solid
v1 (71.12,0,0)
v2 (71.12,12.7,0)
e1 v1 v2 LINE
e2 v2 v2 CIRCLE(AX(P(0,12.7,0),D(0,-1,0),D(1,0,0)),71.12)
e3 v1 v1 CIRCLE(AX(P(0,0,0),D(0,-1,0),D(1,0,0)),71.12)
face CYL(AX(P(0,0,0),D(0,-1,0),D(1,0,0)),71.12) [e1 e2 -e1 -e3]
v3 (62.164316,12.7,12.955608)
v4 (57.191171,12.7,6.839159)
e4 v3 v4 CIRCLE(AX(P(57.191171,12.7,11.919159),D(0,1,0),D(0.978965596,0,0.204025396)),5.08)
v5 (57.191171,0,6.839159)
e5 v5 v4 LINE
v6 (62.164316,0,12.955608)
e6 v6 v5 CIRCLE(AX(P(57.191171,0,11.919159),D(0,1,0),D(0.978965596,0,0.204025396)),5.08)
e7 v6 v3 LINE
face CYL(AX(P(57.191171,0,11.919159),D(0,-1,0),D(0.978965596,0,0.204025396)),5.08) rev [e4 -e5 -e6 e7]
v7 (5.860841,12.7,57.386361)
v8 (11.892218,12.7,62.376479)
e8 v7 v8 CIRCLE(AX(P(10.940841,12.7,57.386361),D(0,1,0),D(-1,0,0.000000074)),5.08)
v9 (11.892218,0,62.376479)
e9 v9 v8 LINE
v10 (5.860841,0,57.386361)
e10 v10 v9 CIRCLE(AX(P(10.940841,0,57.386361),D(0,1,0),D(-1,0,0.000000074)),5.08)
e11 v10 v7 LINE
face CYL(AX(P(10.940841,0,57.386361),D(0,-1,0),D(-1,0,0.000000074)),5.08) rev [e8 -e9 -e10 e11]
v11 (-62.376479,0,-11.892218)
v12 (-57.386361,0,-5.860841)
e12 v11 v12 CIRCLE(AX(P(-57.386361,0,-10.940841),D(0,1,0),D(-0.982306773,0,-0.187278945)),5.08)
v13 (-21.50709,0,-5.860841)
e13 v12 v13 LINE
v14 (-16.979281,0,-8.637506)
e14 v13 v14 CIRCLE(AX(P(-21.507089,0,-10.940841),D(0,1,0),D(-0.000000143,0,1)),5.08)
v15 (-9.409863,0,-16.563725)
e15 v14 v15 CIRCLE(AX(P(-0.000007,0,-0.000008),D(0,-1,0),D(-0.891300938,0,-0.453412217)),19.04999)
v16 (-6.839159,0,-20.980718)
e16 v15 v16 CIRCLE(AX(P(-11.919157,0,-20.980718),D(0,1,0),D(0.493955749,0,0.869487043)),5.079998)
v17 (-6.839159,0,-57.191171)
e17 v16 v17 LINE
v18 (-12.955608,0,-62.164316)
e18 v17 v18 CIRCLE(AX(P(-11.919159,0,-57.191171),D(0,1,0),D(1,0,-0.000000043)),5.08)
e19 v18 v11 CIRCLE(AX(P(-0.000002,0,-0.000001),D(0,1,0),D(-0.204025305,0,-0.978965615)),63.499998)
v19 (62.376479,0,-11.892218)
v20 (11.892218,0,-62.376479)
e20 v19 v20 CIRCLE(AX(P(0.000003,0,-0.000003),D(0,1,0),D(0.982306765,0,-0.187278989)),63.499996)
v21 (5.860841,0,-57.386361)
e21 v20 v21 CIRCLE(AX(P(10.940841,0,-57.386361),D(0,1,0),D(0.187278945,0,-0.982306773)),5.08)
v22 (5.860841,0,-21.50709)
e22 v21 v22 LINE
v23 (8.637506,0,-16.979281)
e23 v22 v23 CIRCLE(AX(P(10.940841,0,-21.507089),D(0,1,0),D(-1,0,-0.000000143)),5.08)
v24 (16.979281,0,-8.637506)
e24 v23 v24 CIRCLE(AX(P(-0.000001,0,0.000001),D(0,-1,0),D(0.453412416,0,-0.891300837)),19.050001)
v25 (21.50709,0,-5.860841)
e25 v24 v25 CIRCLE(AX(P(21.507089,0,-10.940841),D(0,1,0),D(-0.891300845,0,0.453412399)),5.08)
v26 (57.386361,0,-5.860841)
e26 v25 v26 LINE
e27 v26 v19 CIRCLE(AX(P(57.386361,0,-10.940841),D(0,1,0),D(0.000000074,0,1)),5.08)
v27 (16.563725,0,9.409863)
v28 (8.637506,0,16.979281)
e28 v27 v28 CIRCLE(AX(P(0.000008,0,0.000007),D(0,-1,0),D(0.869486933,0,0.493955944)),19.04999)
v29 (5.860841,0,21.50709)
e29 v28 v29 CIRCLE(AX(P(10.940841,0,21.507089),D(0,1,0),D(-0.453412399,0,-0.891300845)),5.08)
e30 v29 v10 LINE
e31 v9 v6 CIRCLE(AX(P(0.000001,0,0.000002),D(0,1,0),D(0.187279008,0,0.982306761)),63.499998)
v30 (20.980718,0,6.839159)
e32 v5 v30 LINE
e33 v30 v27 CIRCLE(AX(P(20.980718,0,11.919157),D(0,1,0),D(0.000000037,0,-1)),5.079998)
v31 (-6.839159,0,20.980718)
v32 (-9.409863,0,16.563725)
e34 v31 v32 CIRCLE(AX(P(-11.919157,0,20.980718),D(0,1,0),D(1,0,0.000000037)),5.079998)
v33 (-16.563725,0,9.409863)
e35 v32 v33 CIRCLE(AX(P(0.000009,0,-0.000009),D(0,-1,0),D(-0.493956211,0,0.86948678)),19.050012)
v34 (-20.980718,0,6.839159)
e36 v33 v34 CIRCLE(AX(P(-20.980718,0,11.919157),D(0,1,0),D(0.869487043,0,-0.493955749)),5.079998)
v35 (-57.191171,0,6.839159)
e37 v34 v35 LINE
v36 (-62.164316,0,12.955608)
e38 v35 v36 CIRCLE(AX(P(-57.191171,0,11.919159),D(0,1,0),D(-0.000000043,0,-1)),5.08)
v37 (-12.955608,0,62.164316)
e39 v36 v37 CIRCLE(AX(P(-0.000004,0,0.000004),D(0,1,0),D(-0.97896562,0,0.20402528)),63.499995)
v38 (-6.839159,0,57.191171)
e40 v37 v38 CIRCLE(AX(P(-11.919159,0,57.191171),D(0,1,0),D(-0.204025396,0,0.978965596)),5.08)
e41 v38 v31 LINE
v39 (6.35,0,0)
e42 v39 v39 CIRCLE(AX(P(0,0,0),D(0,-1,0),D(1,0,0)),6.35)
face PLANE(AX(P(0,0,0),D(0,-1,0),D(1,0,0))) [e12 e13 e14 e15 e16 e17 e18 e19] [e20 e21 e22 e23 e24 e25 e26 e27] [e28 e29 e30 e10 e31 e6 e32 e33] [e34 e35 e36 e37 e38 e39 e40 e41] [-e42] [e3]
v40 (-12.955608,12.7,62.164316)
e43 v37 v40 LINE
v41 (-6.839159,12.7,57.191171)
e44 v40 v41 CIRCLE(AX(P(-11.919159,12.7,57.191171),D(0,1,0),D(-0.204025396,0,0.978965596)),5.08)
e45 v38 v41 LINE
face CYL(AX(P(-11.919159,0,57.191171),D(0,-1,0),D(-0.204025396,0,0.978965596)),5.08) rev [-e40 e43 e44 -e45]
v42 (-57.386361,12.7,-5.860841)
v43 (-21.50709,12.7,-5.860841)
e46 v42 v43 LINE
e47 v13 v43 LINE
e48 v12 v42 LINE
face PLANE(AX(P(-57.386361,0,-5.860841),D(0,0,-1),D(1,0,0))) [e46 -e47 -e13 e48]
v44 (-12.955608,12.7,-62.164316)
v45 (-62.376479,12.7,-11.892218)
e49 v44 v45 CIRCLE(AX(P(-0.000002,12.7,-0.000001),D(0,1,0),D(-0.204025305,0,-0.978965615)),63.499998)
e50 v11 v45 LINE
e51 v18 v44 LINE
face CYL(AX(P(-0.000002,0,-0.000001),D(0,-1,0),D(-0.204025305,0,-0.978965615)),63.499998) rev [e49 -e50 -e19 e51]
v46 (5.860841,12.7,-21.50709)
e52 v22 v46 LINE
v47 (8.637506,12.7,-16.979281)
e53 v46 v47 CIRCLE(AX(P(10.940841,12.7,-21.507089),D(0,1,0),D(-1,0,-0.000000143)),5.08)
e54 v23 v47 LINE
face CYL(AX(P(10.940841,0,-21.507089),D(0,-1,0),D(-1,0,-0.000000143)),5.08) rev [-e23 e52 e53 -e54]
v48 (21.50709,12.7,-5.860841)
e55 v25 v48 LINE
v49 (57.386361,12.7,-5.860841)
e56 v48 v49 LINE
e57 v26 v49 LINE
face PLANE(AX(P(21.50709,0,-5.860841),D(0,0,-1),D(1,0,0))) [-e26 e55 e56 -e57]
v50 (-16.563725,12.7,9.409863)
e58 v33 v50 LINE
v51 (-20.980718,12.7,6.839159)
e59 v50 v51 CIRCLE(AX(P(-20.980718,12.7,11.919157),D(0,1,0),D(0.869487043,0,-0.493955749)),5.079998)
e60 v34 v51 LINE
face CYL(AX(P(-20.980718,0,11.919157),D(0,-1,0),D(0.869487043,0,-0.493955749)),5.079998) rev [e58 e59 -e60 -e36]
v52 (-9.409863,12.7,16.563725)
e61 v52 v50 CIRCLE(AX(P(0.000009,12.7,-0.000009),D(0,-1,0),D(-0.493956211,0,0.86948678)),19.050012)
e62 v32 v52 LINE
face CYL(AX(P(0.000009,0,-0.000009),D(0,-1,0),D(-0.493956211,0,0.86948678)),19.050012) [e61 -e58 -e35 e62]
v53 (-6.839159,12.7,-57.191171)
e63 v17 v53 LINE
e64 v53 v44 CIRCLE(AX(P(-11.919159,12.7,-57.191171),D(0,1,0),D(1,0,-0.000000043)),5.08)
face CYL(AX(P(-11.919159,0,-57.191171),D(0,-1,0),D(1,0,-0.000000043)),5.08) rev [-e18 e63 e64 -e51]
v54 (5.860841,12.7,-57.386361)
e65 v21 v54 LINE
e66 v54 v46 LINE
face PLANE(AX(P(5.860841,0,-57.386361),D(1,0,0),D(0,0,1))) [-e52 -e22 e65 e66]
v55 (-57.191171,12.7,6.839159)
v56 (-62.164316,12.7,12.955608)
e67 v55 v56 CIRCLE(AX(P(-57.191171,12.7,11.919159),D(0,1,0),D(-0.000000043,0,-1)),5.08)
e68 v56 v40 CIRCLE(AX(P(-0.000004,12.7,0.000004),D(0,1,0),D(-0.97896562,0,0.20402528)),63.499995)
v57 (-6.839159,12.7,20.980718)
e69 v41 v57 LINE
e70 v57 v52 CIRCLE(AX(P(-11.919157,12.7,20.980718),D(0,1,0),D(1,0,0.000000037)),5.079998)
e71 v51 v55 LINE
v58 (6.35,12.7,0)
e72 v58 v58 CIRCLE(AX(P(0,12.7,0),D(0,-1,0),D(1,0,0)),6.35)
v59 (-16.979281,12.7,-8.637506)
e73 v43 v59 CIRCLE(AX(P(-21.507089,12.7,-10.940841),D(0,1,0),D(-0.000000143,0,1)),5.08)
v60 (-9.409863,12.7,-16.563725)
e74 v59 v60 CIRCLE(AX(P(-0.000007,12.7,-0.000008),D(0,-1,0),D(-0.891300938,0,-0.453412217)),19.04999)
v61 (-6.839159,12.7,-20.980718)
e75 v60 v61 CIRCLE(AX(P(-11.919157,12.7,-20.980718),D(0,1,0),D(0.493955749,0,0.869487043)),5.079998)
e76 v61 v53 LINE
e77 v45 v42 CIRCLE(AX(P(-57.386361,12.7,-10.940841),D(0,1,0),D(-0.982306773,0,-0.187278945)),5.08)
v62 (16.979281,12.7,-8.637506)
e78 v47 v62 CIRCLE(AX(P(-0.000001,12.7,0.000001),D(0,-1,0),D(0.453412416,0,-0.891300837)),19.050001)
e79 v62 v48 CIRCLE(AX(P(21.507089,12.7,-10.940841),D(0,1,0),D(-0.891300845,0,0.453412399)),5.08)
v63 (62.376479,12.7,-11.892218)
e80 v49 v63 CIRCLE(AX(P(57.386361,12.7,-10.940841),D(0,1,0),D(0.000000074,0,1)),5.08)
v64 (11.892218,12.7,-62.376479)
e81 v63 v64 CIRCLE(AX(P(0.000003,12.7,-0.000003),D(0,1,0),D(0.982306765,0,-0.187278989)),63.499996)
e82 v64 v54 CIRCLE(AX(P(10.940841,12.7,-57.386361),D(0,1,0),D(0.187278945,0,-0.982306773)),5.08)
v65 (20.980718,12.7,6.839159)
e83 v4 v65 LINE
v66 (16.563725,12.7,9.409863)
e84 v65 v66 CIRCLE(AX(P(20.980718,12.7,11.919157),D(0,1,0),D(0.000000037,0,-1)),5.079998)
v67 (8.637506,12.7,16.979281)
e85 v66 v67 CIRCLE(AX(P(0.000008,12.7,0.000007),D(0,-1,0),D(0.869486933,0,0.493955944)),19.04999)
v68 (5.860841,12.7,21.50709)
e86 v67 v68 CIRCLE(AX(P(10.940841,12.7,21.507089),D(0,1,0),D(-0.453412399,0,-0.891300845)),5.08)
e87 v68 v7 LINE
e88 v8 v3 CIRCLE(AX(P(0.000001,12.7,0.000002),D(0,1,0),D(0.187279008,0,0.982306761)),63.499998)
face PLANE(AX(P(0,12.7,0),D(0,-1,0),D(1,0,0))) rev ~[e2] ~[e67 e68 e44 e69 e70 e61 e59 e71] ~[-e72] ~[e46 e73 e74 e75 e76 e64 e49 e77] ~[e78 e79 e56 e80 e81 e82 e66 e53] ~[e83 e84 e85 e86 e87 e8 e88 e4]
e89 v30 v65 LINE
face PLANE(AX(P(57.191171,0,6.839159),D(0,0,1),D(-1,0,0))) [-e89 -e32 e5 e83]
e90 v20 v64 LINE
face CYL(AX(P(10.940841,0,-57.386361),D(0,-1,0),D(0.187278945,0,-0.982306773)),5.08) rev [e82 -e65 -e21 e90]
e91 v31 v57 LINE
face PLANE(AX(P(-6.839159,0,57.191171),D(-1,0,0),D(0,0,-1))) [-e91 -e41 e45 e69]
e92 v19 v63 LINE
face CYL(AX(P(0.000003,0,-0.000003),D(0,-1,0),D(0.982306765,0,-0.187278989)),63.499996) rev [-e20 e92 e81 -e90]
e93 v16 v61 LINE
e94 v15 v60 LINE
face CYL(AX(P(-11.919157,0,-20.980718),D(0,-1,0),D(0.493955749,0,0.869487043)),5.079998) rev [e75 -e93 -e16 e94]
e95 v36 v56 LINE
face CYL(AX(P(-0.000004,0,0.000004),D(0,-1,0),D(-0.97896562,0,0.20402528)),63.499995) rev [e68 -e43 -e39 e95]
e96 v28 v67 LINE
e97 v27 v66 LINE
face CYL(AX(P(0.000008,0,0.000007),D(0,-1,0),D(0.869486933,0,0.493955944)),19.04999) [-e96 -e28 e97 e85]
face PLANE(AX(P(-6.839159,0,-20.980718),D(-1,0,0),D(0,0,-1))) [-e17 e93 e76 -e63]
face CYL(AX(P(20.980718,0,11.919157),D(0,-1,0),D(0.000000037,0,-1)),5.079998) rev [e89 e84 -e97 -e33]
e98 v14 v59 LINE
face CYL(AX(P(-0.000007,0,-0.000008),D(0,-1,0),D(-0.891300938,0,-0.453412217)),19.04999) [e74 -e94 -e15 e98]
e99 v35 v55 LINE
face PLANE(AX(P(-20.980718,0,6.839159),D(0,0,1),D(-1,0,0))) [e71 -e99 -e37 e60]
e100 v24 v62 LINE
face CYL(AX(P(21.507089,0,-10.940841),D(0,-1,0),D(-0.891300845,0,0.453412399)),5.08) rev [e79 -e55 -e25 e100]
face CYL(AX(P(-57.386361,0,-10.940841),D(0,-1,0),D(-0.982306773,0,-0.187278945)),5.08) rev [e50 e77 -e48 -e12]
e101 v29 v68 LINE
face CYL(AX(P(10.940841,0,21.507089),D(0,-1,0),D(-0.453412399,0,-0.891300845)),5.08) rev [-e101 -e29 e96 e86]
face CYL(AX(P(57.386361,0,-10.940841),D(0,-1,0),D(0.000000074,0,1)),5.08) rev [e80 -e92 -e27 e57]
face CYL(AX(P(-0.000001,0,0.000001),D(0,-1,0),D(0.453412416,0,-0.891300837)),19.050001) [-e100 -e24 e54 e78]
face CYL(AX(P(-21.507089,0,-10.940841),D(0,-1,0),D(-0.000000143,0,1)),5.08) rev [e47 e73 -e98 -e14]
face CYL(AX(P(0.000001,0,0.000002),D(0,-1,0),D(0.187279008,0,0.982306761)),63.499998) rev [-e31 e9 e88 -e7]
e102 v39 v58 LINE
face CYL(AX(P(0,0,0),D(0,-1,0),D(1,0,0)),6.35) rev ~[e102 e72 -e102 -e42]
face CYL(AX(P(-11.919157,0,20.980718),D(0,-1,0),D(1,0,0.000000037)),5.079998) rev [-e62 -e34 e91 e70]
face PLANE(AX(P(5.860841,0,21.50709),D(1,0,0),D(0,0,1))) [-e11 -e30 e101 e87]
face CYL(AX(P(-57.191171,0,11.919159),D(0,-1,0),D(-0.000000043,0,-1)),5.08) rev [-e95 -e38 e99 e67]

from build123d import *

# Parameters (mm, degrees)
F0_R     = 71.12
F0_R_2   = 12.7
F0_R_3   = 6.35
F1_DEPTH = 12.7


with BuildPart() as f1:
    # F0 (on Front) → F1 (new body)
    with BuildSketch(Plane.XZ):
        Circle(F0_R)
        with BuildLine():
            ThreePointArc((-9.409863, -16.563725), (-7.528622, -18.425413), (-6.839159, -20.980718))
            Line((-6.839159, -20.980718), (-6.839159, -57.191171))
            ThreePointArc((-6.839159, -57.191171), (-8.714378, -61.132716), (-12.955608, -62.164316))
            ThreePointArc((-12.955608, -62.164316), (-45.283019, -44.516269), (-62.376479, -11.892218))
            ThreePointArc((-62.376479, -11.892218), (-61.300399, -7.702523), (-57.386361, -5.860841))
            Line((-57.386361, -5.860841), (-21.50709, -5.860841))
            ThreePointArc((-21.50709, -5.860841), (-18.851392, -6.61029), (-16.979281, -8.637506))
            ThreePointArc((-16.979281, -8.637506), (-13.7769, -13.15673), (-9.409863, -16.563725))
        make_face(mode=Mode.SUBTRACT)
        Circle(F0_R_2, mode=Mode.SUBTRACT)
        with BuildLine():
            ThreePointArc((11.892218, -62.376479), (7.702523, -61.300399), (5.860841, -57.386361))
            Line((5.860841, -57.386361), (5.860841, -21.50709))
            ThreePointArc((5.860841, -21.50709), (6.61029, -18.851392), (8.637506, -16.979281))
            ThreePointArc((8.637506, -16.979281), (13.470384, -13.470384), (16.979281, -8.637506))
            ThreePointArc((16.979281, -8.637506), (18.851392, -6.61029), (21.50709, -5.860841))
            Line((21.50709, -5.860841), (57.386361, -5.860841))
            ThreePointArc((57.386361, -5.860841), (61.300399, -7.702523), (62.376479, -11.892218))
            ThreePointArc((62.376479, -11.892218), (44.901281, -44.901281), (11.892218, -62.376479))
        make_face(mode=Mode.SUBTRACT)
        with BuildLine():
            ThreePointArc((-62.164316, 12.955608), (-44.901281, 44.901281), (-12.955608, 62.164316))
            ThreePointArc((-12.955608, 62.164316), (-8.714378, 61.132716), (-6.839159, 57.191171))
            Line((-6.839159, 57.191171), (-6.839159, 20.980718))
            ThreePointArc((-6.839159, 20.980718), (-7.528622, 18.425413), (-9.409863, 16.563725))
            ThreePointArc((-9.409863, 16.563725), (-13.470384, 13.470384), (-16.563725, 9.409863))
            ThreePointArc((-16.563725, 9.409863), (-18.425413, 7.528622), (-20.980718, 6.839159))
            Line((-20.980718, 6.839159), (-57.191171, 6.839159))
            ThreePointArc((-57.191171, 6.839159), (-61.132716, 8.714378), (-62.164316, 12.955608))
        make_face(mode=Mode.SUBTRACT)
        with BuildLine():
            ThreePointArc((8.637506, 16.979281), (6.61029, 18.851392), (5.860841, 21.50709))
            Line((5.860841, 21.50709), (5.860841, 57.386361))
            ThreePointArc((5.860841, 57.386361), (7.702523, 61.300399), (11.892218, 62.376479))
            ThreePointArc((11.892218, 62.376479), (44.516269, 45.283019), (62.164316, 12.955608))
            ThreePointArc((62.164316, 12.955608), (61.132716, 8.714378), (57.191171, 6.839159))
            Line((57.191171, 6.839159), (20.980718, 6.839159))
            ThreePointArc((20.980718, 6.839159), (18.425413, 7.528622), (16.563725, 9.409863))
            ThreePointArc((16.563725, 9.409863), (13.15673, 13.7769), (8.637506, 16.979281))
        make_face(mode=Mode.SUBTRACT)
        Circle(F0_R_2)
        Circle(F0_R_3, mode=Mode.SUBTRACT)
    extrude(amount=-F1_DEPTH)


solid = f1.part
